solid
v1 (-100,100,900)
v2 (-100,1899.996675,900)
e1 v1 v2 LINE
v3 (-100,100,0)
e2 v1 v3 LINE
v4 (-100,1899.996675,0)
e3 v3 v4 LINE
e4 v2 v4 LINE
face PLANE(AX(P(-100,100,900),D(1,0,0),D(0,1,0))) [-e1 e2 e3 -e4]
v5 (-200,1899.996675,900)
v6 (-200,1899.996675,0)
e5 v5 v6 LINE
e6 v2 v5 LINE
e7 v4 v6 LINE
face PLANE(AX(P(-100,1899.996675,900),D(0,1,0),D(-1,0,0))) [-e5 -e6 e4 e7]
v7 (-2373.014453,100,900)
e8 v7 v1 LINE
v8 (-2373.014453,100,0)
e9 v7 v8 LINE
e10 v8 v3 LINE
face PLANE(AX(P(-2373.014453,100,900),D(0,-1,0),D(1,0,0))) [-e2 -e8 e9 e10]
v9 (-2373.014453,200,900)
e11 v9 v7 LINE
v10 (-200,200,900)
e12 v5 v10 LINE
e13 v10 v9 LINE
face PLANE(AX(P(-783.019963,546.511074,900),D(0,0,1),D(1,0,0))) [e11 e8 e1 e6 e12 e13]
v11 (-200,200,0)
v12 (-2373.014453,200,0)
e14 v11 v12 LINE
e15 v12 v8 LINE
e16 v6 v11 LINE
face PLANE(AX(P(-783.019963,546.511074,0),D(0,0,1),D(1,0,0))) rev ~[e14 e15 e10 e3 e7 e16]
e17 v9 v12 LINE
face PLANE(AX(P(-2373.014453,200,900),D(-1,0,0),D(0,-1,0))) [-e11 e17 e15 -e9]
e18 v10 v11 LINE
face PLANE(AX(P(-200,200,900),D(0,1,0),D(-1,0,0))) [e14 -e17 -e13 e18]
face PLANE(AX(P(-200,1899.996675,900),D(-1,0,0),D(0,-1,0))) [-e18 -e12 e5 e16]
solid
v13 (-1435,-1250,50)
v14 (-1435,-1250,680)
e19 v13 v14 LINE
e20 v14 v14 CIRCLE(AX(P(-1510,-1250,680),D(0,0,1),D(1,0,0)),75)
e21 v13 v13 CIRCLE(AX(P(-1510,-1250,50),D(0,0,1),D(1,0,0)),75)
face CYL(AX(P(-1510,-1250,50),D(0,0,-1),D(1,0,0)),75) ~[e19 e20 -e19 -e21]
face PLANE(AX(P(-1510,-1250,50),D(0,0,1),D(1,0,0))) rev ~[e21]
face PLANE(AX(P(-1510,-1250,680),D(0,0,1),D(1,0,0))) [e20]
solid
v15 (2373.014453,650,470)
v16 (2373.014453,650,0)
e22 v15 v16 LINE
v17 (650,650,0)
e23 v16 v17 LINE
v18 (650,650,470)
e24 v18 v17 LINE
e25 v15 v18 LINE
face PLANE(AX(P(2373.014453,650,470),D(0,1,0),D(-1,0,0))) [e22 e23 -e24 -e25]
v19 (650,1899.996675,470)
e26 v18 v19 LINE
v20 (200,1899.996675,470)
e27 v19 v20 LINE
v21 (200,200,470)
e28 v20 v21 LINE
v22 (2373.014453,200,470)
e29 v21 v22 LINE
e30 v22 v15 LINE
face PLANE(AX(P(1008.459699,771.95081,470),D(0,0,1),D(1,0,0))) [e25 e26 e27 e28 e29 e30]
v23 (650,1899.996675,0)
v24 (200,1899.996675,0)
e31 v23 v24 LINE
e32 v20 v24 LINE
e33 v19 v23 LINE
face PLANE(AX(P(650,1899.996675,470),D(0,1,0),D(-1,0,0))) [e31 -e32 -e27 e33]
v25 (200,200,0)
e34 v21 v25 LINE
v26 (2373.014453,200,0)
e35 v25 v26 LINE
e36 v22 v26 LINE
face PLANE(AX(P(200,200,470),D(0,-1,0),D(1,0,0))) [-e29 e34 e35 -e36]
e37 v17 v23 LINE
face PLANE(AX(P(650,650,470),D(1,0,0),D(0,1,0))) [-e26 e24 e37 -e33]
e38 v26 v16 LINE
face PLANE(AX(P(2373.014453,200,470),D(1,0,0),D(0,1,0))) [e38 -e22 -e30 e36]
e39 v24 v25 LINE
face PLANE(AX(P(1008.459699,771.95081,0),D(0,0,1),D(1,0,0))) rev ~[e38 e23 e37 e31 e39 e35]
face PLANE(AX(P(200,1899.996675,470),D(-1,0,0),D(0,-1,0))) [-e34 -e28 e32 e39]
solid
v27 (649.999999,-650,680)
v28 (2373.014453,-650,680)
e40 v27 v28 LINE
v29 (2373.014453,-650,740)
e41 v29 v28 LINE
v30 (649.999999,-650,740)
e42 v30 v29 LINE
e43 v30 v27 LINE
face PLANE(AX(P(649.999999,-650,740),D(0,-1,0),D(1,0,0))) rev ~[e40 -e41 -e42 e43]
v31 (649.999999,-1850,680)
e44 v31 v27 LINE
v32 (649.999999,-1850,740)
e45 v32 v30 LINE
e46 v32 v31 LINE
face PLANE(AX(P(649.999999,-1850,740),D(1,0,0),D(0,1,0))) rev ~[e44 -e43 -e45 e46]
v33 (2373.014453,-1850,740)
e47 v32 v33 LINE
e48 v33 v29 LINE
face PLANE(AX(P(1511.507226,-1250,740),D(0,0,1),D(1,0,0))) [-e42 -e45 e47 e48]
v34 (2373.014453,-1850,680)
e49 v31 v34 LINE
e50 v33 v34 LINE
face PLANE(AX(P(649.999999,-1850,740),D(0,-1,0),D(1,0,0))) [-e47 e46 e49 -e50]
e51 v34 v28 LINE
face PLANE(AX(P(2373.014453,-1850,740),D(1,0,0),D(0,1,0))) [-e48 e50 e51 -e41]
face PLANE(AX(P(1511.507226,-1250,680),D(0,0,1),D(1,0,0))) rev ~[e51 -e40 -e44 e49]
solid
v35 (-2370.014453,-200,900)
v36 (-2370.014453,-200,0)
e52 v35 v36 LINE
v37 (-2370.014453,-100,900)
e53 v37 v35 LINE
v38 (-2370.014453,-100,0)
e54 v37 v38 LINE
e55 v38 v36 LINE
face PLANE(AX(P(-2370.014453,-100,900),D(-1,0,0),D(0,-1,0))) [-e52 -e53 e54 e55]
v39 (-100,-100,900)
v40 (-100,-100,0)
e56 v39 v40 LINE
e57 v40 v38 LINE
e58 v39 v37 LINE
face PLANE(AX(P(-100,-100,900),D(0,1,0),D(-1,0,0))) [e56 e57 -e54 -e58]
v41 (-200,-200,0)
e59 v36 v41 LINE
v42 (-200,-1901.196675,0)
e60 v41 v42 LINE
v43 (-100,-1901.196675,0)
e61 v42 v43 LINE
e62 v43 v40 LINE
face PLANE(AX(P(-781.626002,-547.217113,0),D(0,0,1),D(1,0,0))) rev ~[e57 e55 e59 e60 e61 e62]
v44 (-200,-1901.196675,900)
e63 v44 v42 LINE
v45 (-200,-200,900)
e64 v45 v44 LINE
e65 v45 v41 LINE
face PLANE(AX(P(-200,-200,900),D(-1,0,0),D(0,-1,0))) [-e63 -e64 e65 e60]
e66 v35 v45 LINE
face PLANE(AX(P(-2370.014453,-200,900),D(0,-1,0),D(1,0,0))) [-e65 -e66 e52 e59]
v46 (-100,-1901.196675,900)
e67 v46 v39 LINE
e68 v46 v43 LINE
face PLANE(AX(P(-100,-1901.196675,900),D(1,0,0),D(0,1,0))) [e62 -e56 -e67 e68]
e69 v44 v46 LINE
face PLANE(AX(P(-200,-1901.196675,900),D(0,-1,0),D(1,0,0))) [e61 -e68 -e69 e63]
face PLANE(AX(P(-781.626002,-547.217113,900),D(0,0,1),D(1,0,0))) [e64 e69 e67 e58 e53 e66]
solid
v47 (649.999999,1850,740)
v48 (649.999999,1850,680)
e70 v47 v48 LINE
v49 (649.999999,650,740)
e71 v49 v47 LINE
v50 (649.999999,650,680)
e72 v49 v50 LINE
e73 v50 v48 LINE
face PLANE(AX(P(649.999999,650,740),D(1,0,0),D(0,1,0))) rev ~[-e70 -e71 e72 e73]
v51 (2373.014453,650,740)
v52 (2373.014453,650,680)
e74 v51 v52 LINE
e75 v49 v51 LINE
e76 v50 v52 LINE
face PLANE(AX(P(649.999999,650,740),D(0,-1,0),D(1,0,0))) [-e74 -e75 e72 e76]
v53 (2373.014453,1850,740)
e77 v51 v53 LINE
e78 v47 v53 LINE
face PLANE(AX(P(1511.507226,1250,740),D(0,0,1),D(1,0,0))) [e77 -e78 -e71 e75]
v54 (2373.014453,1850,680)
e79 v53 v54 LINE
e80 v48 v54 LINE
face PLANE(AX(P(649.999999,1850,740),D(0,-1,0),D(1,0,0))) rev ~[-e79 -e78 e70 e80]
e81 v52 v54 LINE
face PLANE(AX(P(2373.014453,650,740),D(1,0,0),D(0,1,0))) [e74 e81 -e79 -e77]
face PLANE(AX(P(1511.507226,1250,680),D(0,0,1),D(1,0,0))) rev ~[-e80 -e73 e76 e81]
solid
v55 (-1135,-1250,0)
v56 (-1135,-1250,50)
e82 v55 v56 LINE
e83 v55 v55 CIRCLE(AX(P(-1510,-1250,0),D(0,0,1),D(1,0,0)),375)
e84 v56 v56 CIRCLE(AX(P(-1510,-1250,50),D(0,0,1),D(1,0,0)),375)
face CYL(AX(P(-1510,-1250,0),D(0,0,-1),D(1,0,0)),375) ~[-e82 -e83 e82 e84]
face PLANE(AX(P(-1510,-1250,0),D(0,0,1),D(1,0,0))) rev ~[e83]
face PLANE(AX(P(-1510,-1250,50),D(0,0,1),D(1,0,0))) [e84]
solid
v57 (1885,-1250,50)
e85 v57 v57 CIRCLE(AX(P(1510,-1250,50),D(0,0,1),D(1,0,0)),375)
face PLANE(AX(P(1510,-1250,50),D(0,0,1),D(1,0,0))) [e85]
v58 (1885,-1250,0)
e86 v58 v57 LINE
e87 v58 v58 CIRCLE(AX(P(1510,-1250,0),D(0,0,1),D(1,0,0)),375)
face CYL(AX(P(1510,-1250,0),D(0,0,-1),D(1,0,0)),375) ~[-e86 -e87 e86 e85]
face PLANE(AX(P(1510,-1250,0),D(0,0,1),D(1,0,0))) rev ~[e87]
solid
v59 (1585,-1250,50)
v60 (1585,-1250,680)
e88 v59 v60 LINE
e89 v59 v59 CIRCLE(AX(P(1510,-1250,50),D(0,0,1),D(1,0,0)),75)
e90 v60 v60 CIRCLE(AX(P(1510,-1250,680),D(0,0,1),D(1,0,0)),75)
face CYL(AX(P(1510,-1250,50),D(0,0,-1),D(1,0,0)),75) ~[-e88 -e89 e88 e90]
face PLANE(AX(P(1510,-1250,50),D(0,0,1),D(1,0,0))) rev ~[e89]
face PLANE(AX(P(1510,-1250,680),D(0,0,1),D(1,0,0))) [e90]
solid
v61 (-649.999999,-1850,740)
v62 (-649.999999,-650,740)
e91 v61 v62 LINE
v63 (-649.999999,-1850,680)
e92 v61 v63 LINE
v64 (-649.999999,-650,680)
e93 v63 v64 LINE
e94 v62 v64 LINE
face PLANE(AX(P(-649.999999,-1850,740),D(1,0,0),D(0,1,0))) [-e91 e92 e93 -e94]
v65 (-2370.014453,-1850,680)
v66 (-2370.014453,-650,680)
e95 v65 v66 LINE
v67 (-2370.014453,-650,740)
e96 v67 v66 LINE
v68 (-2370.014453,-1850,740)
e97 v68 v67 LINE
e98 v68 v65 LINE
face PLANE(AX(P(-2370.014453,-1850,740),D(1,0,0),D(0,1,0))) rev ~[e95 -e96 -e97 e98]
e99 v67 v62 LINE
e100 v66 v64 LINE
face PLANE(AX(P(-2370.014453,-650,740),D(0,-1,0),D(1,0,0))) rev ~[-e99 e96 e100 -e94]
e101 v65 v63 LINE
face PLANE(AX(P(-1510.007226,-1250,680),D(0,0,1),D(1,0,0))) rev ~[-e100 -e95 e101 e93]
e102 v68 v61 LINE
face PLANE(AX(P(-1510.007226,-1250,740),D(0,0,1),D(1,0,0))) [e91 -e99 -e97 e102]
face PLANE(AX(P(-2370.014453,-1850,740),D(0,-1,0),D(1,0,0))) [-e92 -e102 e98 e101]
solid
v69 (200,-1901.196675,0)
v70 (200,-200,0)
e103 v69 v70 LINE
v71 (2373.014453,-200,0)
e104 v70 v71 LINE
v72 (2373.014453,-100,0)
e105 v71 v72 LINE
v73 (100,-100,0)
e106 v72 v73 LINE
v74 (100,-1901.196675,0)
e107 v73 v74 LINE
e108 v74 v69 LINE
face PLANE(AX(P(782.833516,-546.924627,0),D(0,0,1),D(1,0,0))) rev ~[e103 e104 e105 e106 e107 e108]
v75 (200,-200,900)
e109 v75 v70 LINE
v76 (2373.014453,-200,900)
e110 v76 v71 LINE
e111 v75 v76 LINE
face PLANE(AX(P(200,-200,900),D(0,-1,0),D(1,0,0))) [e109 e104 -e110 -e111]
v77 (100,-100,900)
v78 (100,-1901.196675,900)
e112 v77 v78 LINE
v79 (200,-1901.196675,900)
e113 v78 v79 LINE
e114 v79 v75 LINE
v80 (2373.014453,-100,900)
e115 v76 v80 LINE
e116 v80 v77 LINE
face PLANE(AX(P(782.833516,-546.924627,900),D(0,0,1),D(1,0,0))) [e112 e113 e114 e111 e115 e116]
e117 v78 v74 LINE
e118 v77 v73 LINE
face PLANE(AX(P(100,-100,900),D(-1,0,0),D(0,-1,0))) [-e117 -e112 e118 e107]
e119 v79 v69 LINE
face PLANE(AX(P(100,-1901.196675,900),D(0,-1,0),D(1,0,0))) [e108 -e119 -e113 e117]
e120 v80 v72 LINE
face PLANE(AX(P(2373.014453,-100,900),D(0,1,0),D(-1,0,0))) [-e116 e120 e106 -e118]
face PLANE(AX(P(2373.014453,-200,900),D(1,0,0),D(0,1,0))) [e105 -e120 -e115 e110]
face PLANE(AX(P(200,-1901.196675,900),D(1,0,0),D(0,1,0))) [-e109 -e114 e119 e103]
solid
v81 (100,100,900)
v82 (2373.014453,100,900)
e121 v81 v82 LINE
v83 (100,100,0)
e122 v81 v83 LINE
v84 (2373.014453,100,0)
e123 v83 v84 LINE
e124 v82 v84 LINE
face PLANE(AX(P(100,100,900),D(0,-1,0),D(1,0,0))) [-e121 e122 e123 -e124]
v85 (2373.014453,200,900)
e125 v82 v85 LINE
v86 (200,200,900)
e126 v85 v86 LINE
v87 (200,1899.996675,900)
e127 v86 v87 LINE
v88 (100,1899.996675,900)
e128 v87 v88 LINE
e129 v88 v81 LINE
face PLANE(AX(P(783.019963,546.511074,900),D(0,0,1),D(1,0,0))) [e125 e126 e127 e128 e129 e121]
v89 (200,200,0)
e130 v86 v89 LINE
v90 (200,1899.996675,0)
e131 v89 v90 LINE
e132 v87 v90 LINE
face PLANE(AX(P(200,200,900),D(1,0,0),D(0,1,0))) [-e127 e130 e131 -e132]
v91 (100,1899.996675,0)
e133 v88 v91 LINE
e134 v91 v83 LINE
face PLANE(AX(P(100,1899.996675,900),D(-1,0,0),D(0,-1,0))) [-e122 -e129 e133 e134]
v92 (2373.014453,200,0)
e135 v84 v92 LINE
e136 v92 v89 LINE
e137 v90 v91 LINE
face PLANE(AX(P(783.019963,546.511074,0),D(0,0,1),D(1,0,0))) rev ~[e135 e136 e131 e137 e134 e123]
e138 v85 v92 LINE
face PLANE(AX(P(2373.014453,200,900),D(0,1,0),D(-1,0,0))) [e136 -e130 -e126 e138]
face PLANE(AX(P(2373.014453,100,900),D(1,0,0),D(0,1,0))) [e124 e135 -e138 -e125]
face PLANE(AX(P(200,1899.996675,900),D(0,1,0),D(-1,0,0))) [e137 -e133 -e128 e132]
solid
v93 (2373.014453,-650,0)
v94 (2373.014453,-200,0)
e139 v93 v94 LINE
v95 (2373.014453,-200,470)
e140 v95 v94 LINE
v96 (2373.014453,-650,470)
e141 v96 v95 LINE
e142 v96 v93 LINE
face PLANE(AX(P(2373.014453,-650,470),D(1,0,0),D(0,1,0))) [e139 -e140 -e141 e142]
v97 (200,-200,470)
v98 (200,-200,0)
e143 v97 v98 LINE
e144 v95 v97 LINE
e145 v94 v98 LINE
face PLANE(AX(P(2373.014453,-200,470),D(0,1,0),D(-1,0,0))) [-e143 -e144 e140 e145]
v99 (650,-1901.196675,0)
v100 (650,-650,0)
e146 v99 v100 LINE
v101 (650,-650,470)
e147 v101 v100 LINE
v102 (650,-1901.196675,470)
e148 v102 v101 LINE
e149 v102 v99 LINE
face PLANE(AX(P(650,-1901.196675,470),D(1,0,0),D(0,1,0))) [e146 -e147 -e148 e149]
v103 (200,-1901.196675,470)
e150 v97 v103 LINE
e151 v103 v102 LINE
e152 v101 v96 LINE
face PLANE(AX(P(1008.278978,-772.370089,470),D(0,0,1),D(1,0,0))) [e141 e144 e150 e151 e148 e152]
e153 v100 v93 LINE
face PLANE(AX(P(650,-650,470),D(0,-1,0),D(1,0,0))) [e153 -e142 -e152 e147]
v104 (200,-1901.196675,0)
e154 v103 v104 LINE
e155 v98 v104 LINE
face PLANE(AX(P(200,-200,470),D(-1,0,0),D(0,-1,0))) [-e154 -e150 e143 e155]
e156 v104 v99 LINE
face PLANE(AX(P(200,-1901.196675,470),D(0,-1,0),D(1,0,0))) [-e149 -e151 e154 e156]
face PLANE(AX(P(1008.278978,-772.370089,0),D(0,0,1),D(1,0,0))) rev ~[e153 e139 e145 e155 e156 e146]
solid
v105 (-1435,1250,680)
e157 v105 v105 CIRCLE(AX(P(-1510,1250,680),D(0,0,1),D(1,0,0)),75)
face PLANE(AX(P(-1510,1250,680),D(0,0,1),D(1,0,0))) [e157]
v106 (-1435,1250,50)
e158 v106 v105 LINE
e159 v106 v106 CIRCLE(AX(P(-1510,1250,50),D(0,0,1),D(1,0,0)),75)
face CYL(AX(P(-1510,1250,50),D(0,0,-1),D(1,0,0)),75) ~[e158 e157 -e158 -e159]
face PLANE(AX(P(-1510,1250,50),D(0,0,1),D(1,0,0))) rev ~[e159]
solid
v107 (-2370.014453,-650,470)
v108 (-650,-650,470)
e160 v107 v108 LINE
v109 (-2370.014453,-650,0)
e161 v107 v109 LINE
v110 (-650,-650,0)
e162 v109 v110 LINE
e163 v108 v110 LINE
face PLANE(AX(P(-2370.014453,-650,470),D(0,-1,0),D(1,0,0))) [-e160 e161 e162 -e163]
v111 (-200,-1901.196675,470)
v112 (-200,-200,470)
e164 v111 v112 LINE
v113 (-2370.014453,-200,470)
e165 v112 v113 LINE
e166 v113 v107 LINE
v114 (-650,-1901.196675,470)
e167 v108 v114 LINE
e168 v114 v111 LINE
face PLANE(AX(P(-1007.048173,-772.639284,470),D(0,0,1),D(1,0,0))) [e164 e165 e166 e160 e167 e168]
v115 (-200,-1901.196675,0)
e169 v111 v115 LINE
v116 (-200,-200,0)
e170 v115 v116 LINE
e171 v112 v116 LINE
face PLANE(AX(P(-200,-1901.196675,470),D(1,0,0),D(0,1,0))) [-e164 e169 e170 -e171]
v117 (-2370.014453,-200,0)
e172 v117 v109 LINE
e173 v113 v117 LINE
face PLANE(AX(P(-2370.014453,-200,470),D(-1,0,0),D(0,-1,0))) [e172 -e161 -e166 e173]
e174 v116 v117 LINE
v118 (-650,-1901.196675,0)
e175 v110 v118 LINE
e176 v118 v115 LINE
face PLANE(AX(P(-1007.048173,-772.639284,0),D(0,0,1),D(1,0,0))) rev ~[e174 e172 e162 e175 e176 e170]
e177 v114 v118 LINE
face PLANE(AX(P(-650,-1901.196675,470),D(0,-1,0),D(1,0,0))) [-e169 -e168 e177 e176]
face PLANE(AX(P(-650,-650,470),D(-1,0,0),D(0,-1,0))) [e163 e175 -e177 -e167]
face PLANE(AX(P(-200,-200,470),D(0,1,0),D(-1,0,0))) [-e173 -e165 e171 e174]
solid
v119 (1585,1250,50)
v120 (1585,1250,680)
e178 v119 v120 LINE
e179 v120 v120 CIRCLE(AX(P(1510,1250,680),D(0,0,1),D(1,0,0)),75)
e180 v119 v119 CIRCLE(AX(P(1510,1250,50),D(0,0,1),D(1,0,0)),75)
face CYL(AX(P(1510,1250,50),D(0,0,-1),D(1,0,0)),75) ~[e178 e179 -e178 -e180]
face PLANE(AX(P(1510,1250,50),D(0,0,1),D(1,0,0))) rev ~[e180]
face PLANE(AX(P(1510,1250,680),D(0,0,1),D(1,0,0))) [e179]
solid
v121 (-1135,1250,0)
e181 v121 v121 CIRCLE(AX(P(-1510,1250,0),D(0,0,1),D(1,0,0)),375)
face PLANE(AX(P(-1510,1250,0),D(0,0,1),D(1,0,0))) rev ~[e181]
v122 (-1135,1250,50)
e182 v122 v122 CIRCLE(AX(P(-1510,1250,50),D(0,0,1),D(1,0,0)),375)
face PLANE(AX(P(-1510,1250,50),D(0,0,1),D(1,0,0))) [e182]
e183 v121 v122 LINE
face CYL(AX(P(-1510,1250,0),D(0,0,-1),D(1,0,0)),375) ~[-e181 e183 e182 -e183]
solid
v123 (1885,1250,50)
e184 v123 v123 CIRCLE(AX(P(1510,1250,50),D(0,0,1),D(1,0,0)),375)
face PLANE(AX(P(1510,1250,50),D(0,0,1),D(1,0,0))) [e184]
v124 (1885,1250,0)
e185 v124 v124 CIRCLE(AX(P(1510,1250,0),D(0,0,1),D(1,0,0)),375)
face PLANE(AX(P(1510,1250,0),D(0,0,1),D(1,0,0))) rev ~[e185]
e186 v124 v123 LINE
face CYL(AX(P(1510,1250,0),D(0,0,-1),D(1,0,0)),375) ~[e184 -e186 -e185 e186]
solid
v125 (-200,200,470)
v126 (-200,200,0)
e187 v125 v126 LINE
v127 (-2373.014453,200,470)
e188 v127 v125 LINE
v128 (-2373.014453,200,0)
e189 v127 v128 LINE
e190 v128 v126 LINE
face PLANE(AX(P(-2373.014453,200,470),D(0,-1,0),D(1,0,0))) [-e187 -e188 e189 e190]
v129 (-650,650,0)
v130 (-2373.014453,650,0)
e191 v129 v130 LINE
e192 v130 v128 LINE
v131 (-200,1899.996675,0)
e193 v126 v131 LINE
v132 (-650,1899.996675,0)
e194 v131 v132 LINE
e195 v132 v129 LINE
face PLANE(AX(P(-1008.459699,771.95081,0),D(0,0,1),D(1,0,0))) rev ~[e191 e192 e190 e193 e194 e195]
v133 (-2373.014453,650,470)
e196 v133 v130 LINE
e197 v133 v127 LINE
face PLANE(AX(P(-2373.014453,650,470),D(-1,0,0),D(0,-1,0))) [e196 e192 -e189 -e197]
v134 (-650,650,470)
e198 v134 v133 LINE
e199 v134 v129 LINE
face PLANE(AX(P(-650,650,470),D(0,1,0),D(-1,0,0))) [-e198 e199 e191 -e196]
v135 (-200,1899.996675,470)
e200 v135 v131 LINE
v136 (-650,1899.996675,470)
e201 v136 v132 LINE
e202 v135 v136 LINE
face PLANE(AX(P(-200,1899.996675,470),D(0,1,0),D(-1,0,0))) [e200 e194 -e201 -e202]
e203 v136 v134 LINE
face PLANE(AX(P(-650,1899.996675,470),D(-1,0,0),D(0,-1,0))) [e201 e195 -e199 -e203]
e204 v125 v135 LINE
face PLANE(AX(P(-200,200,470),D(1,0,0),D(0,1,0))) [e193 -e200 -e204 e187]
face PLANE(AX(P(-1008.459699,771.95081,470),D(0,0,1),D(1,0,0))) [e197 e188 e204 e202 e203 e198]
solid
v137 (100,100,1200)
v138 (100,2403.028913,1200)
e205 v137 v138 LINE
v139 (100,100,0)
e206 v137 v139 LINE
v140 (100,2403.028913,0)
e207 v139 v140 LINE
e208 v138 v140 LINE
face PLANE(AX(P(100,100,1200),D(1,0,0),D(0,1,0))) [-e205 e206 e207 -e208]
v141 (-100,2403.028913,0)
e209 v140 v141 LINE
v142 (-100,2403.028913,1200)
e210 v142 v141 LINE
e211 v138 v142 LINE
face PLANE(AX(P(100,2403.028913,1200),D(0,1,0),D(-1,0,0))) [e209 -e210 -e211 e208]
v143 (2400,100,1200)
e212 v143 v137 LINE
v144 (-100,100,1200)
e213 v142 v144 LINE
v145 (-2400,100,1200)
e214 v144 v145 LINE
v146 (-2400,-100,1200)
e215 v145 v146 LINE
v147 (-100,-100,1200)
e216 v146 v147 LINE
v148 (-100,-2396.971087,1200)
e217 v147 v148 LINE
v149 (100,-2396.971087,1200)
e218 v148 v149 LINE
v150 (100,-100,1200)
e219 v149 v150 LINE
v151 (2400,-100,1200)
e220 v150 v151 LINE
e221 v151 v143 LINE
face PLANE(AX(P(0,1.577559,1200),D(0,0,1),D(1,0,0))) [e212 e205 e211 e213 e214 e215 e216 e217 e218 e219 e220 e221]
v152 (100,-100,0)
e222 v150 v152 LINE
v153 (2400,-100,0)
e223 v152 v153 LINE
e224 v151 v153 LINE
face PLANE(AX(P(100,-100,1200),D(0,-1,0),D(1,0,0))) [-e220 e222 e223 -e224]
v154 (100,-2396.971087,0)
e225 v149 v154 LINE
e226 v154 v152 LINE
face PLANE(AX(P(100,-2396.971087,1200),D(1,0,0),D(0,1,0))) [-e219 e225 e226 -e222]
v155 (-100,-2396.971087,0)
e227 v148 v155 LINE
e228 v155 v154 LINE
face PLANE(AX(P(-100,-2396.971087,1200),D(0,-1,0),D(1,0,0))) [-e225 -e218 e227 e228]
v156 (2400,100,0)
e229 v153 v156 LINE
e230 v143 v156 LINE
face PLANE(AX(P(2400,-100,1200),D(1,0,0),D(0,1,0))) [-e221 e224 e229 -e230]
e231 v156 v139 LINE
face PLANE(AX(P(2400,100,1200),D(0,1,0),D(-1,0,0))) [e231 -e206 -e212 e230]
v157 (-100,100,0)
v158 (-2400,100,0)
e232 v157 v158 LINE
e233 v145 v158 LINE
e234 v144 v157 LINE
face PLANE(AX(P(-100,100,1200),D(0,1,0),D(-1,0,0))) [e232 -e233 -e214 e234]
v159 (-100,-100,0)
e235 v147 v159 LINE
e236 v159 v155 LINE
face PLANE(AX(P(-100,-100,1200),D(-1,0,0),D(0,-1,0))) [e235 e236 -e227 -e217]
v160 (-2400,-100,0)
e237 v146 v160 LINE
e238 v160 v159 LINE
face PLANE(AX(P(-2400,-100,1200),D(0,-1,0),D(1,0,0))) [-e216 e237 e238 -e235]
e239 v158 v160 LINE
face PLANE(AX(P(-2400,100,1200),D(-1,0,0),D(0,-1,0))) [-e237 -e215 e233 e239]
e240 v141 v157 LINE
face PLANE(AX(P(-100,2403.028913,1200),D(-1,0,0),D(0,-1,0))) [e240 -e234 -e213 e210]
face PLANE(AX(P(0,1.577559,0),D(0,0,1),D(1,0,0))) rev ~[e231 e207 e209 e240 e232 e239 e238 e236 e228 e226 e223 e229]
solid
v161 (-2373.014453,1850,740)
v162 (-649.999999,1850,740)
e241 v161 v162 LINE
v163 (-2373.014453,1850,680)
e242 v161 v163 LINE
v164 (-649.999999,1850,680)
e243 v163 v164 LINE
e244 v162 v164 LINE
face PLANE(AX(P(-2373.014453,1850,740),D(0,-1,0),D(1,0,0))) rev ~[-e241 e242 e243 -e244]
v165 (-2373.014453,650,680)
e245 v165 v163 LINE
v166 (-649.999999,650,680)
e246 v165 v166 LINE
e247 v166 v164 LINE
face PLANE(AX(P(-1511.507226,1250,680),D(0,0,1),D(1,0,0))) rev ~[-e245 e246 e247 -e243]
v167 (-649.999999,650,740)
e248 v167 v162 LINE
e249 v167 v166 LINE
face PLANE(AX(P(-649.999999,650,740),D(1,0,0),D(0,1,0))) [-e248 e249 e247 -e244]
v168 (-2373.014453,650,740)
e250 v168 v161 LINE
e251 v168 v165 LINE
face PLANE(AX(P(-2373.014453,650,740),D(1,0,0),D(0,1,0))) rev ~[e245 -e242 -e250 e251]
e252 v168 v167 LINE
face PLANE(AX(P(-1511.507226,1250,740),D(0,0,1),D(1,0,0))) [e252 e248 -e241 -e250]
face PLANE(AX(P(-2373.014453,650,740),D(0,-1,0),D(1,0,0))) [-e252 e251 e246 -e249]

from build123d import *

# Parameters (mm, degrees)
F6_DEPTH  = 470
F8_DEPTH  = 1200
F10_DEPTH = 900
F12_W     = 1723.014453
F12_H     = 1200
F12_W_2   = 1720.014453
F13_DEPTH = 60
F14_R     = 375
F15_DEPTH = 50
F16_R     = 75
F17_DEPTH = 630


with BuildPart() as f6:
    # F5 (on offset) → F6 (new body)
    with BuildSketch(Plane.XY.offset(470)):
        Polygon((-650, 650), (-2373.014453, 650), (-2373.014453, 200), (-200, 200), (-200, 1899.996675), (-650, 1899.996675), align=None)
        Polygon((650, 650), (650, 1899.996675), (200, 1899.996675), (200, 200), (2373.014453, 200), (2373.014453, 650), align=None)
        Polygon((-200, -1901.196675), (-200, -200), (-2370.014453, -200), (-2370.014453, -650), (-650, -650), (-650, -1901.196675), align=None)
        Polygon((200, -1901.196675), (650, -1901.196675), (650, -650), (2373.014453, -650), (2373.014453, -200), (200, -200), align=None)
    extrude(amount=-F6_DEPTH)


with BuildPart() as f8:
    # F7 (on offset) → F8 (new body)
    with BuildSketch(Plane.XY.offset(1200)):
        Polygon((100, 2403.028913), (-100, 2403.028913), (-100, 100), (-2400, 100), (-2400, -100), (-100, -100), (-100, -2396.971087), (100, -2396.971087), (100, -100), (2400, -100), (2400, 100), (100, 100), align=None)
    extrude(amount=-F8_DEPTH)


with BuildPart() as f10:
    # F9 (on offset) → F10 (new body)
    with BuildSketch(Plane.XY.offset(900)):
        Polygon((-100, -100), (-2370.014453, -100), (-2370.014453, -200), (-200, -200), (-200, -1901.196675), (-100, -1901.196675), align=None)
        Polygon((100, -1901.196675), (200, -1901.196675), (200, -200), (2373.014453, -200), (2373.014453, -100), (100, -100), align=None)
        Polygon((-100, 1899.996675), (-200, 1899.996675), (-200, 200), (-2373.014453, 200), (-2373.014453, 100), (-100, 100), align=None)
        Polygon((200, 200), (200, 1899.996675), (100, 1899.996675), (100, 100), (2373.014453, 100), (2373.014453, 200), align=None)
    extrude(amount=-F10_DEPTH)


with BuildPart() as f13:
    # F12 (on offset) → F13 (new body)
    with BuildSketch(Plane.XY.offset(740)):
        with Locations((-1511.507226, 1250)):
            Rectangle(F12_W, F12_H)
        with Locations((-1510.007226, -1250)):
            Rectangle(F12_W_2, F12_H)
        with Locations((1511.507226, -1250)):
            Rectangle(F12_W, F12_H)
        with Locations((1511.507226, 1250)):
            Rectangle(F12_W, F12_H)
    extrude(amount=-F13_DEPTH)


with BuildPart() as f15:
    # F14 (on Top) → F15 (new body)
    with BuildSketch(Plane.XY):
        with Locations((-1510, 1250)):
            Circle(F14_R)
        with Locations((-1510, -1250)):
            Circle(F14_R)
        with Locations((1510, 1250)):
            Circle(F14_R)
        with Locations((1510, -1250)):
            Circle(F14_R)
    extrude(amount=F15_DEPTH)


with BuildPart() as f17:
    # F16 (on face) → F17 (new body, through all)
    with BuildSketch(Plane.XY.offset(50)):
        with Locations((-1510, 1250)):
            Circle(F16_R)
        with Locations((1510, 1250)):
            Circle(F16_R)
        with Locations((-1510, -1250)):
            Circle(F16_R)
        with Locations((1510, -1250)):
            Circle(F16_R)
    extrude(amount=F17_DEPTH)


solid = Compound([f6.part, f8.part, f10.part, f13.part, f15.part, f17.part])
